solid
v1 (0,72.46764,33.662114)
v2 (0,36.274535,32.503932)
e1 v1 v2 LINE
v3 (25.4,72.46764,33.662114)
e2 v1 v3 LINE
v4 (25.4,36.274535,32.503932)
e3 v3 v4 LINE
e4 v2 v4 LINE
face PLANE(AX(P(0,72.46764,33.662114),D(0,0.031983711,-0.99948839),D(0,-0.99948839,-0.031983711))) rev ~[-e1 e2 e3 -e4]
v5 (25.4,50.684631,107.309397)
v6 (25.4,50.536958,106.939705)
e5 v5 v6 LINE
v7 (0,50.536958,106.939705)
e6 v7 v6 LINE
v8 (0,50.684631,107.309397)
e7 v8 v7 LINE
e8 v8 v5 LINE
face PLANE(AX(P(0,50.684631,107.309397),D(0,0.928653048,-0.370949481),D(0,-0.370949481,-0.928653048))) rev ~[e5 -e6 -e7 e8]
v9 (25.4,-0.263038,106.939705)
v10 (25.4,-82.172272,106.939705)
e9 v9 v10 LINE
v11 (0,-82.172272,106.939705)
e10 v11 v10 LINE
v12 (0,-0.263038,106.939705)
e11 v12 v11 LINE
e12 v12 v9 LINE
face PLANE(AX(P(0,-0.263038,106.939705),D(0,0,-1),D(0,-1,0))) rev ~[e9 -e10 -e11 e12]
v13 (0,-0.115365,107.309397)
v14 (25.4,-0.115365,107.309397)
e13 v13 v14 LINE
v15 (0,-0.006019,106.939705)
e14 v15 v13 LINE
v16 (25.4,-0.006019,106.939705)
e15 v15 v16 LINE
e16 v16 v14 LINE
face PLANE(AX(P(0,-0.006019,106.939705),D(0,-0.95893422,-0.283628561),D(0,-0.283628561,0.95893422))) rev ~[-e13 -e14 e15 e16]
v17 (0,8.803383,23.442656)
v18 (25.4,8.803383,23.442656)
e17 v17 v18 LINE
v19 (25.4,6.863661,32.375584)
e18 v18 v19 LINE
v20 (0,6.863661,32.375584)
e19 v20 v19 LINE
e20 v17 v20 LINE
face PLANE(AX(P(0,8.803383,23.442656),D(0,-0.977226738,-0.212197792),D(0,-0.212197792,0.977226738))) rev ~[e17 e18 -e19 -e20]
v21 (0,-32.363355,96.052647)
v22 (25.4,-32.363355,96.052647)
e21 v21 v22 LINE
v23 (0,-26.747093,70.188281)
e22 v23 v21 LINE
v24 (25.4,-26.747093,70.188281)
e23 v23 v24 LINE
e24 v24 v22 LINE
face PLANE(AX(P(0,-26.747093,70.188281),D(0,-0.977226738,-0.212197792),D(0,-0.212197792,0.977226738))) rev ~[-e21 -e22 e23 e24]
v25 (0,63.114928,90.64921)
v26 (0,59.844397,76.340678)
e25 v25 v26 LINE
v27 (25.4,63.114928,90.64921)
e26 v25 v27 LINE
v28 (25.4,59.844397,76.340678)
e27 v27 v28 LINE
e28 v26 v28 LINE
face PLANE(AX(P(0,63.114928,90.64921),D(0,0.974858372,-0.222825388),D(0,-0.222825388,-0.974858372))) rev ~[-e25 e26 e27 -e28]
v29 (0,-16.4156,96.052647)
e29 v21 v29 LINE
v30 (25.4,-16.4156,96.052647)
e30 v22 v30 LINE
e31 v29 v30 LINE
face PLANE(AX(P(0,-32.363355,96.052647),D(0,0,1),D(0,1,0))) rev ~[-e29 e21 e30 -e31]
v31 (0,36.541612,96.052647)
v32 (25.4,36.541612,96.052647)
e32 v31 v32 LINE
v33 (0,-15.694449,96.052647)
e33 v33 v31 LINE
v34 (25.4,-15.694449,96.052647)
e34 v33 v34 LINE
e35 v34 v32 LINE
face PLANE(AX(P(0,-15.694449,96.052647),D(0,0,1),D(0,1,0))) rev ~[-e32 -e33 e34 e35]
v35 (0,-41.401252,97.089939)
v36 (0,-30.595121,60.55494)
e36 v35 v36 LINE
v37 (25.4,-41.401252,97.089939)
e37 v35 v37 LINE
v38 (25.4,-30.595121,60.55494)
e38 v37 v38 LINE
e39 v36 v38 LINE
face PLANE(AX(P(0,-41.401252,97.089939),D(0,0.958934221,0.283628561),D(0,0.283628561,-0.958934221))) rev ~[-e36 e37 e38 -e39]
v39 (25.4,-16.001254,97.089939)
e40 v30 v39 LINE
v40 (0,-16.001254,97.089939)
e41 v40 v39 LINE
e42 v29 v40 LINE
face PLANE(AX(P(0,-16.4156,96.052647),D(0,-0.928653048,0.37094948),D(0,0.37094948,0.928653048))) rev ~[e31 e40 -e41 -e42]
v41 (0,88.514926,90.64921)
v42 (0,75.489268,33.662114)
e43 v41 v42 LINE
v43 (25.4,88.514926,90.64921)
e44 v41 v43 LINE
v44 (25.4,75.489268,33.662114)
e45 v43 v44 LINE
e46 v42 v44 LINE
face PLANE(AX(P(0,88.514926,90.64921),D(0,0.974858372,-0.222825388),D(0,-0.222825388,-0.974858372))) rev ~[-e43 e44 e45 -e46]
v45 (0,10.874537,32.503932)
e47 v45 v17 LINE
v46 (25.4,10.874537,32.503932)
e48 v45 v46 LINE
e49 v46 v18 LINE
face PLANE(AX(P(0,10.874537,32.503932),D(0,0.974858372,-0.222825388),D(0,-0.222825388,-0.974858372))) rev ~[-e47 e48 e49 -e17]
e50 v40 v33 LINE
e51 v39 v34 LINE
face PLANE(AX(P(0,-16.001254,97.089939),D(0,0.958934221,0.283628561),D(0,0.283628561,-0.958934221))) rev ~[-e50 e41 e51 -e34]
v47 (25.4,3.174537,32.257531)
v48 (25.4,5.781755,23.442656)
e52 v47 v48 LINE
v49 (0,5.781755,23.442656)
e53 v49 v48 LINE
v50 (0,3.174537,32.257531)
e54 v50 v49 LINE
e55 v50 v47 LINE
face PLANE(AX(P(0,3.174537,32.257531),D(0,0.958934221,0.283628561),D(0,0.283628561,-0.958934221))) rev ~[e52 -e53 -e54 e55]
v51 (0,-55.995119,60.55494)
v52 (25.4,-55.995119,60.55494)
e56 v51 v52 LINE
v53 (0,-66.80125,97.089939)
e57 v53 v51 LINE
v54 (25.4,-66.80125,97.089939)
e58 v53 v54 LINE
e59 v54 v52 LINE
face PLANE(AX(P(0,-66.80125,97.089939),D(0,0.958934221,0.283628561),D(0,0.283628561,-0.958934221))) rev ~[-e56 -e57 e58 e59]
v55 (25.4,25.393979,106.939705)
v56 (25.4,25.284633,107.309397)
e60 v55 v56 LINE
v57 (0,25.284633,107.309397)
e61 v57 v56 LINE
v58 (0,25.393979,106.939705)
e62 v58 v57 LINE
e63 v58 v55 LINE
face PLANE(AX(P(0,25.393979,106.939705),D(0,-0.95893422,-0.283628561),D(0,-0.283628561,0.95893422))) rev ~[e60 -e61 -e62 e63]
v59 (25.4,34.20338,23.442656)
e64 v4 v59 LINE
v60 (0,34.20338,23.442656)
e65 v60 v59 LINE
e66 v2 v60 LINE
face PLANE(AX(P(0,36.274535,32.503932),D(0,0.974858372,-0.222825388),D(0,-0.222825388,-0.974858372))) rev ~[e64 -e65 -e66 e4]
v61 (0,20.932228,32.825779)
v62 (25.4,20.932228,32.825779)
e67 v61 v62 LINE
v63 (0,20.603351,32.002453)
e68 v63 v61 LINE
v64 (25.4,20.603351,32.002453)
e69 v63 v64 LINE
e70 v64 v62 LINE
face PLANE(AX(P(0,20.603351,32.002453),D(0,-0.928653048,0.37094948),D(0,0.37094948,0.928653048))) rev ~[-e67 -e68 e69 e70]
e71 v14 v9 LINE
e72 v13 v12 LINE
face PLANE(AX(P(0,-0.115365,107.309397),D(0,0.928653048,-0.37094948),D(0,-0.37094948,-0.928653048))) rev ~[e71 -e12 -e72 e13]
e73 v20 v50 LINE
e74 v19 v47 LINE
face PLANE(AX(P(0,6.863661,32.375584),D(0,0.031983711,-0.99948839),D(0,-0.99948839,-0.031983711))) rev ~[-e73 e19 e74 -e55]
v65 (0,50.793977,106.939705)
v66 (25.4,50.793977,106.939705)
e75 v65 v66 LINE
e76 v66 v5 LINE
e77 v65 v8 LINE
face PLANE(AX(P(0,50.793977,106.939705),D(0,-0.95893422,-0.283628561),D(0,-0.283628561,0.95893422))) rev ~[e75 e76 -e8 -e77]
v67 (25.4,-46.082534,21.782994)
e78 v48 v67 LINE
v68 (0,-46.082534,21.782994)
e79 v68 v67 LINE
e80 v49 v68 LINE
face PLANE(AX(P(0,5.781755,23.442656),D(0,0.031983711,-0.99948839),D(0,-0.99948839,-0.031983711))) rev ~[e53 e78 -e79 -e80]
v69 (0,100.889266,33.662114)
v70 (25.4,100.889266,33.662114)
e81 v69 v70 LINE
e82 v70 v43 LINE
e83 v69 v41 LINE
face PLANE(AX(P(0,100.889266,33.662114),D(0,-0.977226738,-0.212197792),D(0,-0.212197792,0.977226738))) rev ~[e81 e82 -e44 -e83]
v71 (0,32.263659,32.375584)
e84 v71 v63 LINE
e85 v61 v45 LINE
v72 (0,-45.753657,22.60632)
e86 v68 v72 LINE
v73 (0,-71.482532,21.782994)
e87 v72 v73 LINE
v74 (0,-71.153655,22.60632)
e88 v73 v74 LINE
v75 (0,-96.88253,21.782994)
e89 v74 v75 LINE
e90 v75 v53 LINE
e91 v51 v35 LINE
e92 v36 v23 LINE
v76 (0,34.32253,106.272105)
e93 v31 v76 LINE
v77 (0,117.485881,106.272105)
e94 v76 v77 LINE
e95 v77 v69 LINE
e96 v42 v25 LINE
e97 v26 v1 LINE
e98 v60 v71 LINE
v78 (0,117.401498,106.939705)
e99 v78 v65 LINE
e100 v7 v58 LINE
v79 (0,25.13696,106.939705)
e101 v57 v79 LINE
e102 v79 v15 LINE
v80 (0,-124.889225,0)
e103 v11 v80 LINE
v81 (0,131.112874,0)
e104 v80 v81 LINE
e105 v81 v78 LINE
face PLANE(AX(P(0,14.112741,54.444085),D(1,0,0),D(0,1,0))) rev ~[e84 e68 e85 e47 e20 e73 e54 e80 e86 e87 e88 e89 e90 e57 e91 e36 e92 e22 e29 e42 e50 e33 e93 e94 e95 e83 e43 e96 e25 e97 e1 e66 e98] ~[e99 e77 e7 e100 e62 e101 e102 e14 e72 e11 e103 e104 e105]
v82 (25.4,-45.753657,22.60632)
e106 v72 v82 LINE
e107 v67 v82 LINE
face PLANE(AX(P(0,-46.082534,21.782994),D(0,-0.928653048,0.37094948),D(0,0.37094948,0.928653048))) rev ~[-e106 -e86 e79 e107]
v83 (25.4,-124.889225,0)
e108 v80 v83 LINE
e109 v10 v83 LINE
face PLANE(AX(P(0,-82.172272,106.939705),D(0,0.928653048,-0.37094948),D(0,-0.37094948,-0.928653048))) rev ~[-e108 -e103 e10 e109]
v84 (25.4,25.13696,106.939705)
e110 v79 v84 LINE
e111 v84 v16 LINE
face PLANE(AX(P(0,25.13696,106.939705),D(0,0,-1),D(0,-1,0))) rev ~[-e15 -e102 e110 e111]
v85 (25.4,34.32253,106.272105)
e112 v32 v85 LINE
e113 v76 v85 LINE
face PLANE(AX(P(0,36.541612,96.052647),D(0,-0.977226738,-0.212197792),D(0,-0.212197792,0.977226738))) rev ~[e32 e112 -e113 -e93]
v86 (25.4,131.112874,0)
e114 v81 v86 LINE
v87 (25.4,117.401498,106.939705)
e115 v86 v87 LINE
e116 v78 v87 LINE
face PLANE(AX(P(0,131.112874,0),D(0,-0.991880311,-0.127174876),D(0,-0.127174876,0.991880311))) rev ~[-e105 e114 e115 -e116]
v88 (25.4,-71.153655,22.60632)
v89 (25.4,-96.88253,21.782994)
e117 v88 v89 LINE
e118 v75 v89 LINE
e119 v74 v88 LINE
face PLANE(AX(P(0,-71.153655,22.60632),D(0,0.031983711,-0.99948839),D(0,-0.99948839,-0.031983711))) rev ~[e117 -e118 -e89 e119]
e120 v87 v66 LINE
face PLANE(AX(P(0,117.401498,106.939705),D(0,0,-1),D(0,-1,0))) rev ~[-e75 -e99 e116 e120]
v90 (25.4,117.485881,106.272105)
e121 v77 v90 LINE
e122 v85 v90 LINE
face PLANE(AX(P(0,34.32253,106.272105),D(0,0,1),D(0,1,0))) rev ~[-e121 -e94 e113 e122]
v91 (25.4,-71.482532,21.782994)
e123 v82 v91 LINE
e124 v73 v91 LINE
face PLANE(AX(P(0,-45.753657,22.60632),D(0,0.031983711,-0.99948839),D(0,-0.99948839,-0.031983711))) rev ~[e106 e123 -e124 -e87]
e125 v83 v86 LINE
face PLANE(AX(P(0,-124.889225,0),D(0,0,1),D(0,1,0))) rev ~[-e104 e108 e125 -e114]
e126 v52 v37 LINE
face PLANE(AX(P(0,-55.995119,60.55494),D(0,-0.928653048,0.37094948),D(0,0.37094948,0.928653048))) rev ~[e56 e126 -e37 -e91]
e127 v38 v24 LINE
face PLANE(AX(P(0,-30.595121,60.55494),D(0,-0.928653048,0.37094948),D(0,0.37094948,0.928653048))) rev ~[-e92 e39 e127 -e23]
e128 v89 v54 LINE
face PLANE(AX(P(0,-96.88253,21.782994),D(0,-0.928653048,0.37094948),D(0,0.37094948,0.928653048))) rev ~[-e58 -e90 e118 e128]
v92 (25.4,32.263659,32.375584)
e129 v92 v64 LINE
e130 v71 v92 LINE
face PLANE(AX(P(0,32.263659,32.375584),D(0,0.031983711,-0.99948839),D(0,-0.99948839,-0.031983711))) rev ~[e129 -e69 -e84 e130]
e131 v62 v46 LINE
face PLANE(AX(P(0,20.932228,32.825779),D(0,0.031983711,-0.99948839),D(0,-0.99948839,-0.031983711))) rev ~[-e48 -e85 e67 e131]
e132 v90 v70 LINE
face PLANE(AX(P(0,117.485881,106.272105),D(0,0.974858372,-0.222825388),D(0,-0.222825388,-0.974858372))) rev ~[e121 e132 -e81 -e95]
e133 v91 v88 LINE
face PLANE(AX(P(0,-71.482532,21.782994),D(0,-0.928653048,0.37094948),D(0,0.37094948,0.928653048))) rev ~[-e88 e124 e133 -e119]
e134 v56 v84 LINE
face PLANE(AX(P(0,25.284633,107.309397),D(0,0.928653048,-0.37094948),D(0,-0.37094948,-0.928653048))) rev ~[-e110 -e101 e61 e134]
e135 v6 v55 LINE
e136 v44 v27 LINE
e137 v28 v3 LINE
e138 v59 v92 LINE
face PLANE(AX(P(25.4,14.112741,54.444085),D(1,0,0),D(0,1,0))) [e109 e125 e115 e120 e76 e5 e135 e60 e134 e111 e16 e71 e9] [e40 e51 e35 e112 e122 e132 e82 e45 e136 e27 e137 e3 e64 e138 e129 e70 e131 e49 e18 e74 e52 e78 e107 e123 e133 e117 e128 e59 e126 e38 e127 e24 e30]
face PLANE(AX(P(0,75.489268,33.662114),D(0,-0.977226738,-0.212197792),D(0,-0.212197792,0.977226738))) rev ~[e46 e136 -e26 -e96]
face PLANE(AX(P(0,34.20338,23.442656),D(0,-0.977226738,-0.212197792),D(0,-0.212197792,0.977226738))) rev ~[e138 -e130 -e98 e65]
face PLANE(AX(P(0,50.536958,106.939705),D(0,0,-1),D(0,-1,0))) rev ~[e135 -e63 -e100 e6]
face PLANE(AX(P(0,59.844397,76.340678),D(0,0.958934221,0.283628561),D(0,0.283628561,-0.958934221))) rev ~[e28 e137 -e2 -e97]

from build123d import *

# Parameters (mm, degrees)
F1_DEPTH = 25.4


with BuildPart() as f1:
    # F0 (on Right) → F1 (new body)
    with BuildSketch(Plane.YZ):
        Polygon((-124.8892247677, 0), (131.1128735542, 0), (117.4014977035, 106.9397048249), (50.7939765855, 106.9397048249), (50.9914357412, 106.2721051276), (59.7225278616, 106.2721051276), (66.685885191, 106.2721051276), (85.122525692, 106.2721051276), (92.0858830214, 106.2721051276), (117.4858808517, 106.2721051276), (100.8892655373, 33.6621142924), (88.5149256122, 90.6492097457), (75.4892677069, 33.6621142924), (63.1149277818, 90.6492097457), (59.8443971499, 76.3406778728), (72.4676400423, 33.6621142924), (36.2745349145, 32.5039319335), (34.2033803463, 23.4426558018), (32.2636590132, 32.3755835728), (20.603351295, 32.0024527609), (20.9322280435, 32.8257788764), (10.8745370841, 32.5039319335), (8.8033825159, 23.4426558018), (6.8636611828, 32.3755835728), (3.1745369637, 32.2575312925), (5.7817548513, 23.4426558018), (-46.082533896, 21.7829942703), (-45.7536571475, 22.6063203858), (-71.4825317264, 21.7829942703), (-71.1536549779, 22.6063203858), (-96.8825295568, 21.7829942703), (-66.8012499809, 97.0899388194), (-55.9951187399, 60.5549403917), (-41.4012521505, 97.0899388194), (-30.5951209096, 60.5549403917), (-26.7470932333, 70.1882808256), (-32.3633551598, 96.052646637), (-16.4155995884, 96.052646637), (-16.0012543201, 97.0899388194), (-15.6944494497, 96.052646637), (-6.9633573294, 96.052646637), (-4.6118619741, 96.052646637), (-0.2630380632, 106.9397048249), (-82.1722724619, 106.9397048249), align=None)
        Polygon((50.9914357412, 106.2721051276), (50.7939765855, 106.9397048249), (50.5369575975, 106.9397048249), (50.2702856025, 106.2721051276), align=None)
        Polygon((50.5369575975, 106.9397048249), (50.7939765855, 106.9397048249), (50.6846308708, 107.30939731), align=None)
        Polygon((-0.11536479, 107.30939731), (-0.2630380632, 106.9397048249), (-0.0060190753, 106.9397048249), align=None)
        Polygon((-0.0060190753, 106.9397048249), (-0.2630380632, 106.9397048249), (-4.6118619741, 96.052646637), (0, 96.052646637), (3.2140982005, 96.052646637), align=None)
        Polygon((50.2702856025, 106.2721051276), (50.5369575975, 106.9397048249), (25.3939787551, 106.9397048249), (28.6140960308, 96.052646637), (36.5416123025, 96.052646637), (34.3225300312, 106.2721051276), align=None)
        Polygon((25.1369597672, 106.9397048249), (-0.0060190753, 106.9397048249), (3.2140982005, 96.052646637), (18.436640501, 96.052646637), (20.7881358563, 96.052646637), align=None)
        Polygon((28.6140960308, 96.052646637), (25.3939787551, 106.9397048249), (25.1369597672, 106.9397048249), (20.7881358563, 96.052646637), (25.3999978304, 96.052646637), align=None)
        Polygon((25.1369597672, 106.9397048249), (25.3939787551, 106.9397048249), (25.2846330404, 107.30939731), align=None)
    extrude(amount=F1_DEPTH)


solid = f1.part
